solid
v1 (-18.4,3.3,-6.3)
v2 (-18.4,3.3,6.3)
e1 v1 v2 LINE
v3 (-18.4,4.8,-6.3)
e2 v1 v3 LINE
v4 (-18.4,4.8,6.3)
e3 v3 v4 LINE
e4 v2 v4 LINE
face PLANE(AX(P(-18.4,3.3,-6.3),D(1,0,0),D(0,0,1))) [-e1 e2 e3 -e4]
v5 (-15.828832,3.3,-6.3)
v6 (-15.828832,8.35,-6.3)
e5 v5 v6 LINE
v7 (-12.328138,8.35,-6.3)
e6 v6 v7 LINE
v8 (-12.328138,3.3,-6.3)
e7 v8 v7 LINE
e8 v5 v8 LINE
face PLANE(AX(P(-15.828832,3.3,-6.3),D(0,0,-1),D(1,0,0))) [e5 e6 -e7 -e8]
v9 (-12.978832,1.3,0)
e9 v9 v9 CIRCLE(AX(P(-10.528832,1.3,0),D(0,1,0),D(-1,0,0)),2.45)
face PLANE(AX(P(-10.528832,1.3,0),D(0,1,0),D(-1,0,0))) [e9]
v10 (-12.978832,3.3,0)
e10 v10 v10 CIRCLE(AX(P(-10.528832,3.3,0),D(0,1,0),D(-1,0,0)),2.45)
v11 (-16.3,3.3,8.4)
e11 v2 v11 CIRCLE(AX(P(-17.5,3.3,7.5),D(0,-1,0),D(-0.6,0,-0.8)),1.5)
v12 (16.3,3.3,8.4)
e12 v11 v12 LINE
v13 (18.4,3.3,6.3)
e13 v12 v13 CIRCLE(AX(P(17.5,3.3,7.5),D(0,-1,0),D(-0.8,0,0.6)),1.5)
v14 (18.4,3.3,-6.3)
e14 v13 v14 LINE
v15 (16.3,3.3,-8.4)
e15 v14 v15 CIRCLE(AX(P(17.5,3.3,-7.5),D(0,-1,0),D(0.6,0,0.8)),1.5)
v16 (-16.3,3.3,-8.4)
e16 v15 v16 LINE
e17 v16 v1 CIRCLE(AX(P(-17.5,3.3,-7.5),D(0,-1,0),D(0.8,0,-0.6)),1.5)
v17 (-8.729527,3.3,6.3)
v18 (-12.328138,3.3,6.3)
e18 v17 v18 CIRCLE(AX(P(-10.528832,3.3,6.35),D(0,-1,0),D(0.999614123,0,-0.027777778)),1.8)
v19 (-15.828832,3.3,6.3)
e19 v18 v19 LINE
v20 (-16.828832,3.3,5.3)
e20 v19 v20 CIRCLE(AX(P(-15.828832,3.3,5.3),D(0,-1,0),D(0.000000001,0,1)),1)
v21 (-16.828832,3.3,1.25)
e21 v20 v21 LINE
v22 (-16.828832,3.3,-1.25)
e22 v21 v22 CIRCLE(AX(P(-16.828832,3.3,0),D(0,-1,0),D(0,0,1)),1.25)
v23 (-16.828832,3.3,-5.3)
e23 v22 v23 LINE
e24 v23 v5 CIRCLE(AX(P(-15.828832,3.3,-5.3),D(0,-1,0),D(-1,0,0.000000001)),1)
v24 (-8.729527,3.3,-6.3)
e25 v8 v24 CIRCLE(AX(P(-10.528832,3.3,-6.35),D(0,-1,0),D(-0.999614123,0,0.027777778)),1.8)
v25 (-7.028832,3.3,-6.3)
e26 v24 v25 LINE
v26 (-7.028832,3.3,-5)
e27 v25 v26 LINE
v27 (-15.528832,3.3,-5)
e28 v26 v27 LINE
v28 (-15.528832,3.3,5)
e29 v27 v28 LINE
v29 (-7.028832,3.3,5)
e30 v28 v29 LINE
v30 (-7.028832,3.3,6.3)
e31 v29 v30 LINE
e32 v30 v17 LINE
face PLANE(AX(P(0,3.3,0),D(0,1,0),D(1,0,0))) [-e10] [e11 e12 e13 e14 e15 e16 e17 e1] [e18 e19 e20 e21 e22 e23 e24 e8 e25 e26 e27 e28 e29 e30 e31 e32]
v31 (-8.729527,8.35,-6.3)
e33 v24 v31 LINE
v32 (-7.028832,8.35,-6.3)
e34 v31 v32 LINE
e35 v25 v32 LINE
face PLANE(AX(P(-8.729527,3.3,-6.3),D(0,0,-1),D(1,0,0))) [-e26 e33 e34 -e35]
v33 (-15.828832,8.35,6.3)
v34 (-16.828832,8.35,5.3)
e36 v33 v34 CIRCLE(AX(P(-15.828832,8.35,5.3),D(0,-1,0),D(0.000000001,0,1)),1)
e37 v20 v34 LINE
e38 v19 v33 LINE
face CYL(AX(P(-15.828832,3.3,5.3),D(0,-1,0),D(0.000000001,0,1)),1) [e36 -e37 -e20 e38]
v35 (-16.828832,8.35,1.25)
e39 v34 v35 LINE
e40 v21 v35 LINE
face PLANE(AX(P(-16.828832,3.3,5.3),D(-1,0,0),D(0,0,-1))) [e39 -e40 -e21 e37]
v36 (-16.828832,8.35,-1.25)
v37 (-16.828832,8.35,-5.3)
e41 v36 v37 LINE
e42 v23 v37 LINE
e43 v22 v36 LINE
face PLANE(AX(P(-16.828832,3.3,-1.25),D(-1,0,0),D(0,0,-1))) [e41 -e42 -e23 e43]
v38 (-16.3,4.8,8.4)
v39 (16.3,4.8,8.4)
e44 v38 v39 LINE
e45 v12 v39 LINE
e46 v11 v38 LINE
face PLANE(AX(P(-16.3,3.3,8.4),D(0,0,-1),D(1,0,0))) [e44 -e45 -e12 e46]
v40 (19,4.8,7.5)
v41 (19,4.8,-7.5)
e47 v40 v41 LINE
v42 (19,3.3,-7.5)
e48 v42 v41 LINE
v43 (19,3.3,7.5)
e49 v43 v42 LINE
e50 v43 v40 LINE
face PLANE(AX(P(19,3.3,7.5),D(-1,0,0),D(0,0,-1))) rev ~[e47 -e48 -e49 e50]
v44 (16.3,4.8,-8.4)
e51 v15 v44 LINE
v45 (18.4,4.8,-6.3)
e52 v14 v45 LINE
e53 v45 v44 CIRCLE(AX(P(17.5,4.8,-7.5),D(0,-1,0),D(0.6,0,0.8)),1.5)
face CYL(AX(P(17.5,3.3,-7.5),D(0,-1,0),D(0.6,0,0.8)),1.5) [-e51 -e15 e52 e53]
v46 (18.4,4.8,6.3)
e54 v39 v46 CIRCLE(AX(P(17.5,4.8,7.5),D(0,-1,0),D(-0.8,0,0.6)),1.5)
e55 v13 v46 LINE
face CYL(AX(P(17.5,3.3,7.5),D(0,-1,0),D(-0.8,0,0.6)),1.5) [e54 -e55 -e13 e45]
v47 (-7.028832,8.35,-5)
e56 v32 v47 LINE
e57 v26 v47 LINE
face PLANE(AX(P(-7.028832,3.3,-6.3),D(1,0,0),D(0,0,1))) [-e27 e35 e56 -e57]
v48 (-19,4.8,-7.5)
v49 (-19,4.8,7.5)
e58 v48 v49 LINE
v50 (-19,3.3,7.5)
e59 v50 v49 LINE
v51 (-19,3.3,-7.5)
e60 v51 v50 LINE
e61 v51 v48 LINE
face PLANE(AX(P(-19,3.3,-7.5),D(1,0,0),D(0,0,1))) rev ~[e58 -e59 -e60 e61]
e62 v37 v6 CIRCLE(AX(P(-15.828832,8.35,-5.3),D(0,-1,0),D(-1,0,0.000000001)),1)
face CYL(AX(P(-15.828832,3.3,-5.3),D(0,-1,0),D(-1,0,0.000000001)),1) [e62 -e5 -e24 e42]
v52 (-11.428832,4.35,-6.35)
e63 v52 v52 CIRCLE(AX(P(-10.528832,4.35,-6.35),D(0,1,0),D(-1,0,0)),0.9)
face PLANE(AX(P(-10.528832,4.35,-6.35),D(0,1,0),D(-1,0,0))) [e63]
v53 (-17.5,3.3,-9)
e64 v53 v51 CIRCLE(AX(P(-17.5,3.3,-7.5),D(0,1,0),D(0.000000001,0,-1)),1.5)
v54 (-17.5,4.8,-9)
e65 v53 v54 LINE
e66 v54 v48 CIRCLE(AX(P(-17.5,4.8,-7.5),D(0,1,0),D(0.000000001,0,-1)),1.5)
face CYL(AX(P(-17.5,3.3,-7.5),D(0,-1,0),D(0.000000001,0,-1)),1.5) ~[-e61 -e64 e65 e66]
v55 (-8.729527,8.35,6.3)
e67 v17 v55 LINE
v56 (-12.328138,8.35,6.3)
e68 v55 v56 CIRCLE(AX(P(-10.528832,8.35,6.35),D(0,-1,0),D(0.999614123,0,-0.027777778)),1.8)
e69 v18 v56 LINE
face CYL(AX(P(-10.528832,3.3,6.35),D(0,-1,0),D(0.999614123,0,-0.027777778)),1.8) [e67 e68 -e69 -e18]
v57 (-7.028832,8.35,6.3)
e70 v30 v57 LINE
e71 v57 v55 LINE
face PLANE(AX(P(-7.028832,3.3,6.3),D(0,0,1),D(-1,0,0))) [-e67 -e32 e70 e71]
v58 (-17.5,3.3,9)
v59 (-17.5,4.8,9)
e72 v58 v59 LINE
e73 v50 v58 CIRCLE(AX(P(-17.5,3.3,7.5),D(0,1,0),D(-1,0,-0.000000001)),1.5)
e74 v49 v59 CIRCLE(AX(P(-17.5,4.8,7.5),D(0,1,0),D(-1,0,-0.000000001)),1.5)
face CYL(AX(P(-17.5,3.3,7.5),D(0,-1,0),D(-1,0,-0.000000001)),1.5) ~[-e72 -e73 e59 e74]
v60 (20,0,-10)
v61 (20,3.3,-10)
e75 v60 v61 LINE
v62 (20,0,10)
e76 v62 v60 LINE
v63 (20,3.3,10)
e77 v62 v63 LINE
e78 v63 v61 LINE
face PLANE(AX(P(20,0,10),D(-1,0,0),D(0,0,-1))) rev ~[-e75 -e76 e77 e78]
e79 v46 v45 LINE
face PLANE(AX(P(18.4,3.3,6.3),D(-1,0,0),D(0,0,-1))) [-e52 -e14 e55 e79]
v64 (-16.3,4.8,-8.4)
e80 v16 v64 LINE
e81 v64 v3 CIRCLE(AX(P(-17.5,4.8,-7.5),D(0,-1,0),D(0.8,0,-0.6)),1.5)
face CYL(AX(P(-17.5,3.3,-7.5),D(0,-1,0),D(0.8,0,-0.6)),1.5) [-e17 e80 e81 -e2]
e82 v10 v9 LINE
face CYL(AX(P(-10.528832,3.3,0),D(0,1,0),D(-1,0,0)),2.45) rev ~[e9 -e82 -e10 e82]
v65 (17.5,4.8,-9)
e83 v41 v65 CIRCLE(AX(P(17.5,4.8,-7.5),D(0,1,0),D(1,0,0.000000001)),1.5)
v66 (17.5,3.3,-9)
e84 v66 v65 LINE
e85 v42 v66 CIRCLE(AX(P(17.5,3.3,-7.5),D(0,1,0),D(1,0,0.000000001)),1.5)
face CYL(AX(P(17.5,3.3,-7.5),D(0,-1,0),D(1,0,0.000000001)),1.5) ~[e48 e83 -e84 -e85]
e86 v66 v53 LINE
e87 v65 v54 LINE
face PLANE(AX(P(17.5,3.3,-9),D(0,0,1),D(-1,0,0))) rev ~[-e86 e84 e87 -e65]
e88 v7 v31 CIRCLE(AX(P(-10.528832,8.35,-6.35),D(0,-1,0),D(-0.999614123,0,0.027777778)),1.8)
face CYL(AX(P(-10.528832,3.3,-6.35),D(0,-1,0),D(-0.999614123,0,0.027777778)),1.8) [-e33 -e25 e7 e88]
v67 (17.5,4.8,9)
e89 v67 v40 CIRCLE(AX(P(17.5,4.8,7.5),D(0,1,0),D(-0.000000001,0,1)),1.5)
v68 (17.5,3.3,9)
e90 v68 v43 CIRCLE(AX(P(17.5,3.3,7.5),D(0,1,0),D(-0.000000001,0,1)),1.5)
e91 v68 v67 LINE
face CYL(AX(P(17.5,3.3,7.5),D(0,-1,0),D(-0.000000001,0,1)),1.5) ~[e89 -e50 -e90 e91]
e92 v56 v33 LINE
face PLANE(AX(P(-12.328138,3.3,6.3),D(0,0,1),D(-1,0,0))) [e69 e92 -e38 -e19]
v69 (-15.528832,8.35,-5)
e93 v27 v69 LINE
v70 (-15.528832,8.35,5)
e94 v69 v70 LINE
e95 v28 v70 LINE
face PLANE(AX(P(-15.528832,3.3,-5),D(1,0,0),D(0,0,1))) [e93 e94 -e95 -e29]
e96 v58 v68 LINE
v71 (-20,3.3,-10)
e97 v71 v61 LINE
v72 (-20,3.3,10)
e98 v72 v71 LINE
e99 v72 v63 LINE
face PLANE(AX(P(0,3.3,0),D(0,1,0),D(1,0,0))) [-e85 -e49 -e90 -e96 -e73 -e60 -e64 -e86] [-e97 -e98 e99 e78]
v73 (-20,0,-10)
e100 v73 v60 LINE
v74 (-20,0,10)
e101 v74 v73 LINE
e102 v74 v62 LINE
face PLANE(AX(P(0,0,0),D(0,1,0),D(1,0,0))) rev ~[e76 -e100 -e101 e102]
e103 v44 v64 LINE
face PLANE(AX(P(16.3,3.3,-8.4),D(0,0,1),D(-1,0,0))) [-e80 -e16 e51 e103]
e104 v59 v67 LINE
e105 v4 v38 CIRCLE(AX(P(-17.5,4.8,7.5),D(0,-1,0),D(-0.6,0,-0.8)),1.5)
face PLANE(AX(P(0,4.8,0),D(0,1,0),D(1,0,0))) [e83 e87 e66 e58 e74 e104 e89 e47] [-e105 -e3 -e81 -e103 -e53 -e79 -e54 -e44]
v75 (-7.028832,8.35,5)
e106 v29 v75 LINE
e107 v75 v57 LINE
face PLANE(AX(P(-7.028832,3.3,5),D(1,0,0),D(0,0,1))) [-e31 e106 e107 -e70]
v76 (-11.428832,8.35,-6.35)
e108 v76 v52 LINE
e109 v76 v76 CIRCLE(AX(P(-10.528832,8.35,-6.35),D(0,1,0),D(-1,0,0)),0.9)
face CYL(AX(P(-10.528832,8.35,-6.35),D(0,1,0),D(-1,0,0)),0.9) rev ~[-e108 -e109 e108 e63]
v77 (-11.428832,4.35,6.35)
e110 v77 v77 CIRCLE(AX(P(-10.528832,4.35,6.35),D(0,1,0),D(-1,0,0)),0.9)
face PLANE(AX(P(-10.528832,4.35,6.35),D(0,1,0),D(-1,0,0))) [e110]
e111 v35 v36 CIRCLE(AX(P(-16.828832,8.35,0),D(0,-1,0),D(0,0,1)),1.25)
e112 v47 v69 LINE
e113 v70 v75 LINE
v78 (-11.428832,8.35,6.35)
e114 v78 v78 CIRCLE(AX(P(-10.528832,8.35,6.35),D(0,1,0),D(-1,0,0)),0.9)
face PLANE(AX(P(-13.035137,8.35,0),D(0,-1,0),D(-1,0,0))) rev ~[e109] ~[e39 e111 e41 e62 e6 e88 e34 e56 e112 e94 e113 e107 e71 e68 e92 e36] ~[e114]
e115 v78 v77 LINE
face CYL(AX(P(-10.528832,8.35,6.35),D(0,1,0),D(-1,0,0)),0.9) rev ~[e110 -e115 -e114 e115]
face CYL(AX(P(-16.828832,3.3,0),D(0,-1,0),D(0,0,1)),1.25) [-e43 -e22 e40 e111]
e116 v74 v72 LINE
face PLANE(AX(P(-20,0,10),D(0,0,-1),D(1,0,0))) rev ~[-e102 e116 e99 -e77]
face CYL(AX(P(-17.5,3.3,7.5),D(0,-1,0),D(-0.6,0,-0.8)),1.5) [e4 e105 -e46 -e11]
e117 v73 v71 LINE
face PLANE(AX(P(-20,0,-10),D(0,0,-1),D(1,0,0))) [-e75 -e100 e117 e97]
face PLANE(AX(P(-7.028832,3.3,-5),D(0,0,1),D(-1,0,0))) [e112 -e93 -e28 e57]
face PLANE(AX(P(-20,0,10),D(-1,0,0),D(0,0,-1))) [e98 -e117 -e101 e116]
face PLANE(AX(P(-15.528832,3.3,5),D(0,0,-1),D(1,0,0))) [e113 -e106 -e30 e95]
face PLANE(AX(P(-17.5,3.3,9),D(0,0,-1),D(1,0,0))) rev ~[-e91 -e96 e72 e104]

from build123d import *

# Parameters (mm, degrees)
SKETCH1_W           = 40
SKETCH1_H           = 20
BOSS_EXTRUDE1_DEPTH = 3.3
BOSS_EXTRUDE2_DEPTH = 1.5
SKETCH3_R           = 2.45
CUT_EXTRUDE1_DEPTH  = 2
BOSS_EXTRUDE3_DEPTH = 5.05
SKETCH5_R           = 0.9
CUT_EXTRUDE2_DEPTH  = 4


with BuildPart() as part:
    # Sketch1 → Boss-Extrude1 (new body)
    with BuildSketch(Plane(origin=(0, 0, 0), x_dir=(1, 0, 0), z_dir=(0, 1, 0))):
        Rectangle(SKETCH1_W, SKETCH1_H)
    extrude(amount=BOSS_EXTRUDE1_DEPTH)

    # Sketch2 → Boss-Extrude2 (add)
    with BuildSketch(Plane(origin=(0, 3.3, 0), x_dir=(1, 0, 0), z_dir=(0, 1, 0))):
        with BuildLine():
            Line((-19, 7.5), (-19, -7.5))
            ThreePointArc((-19, -7.5), (-18.560660172, -8.560660172), (-17.5, -9))
            Line((-17.5, -9), (17.5, -9))
            ThreePointArc((17.5, -9), (18.560660172, -8.560660172), (19, -7.5))
            Line((19, -7.5), (19, 7.5))
            ThreePointArc((19, 7.5), (18.560660172, 8.560660172), (17.5, 9))
            Line((17.5, 9), (-17.5, 9))
            ThreePointArc((-17.5, 9), (-18.560660172, 8.560660172), (-19, 7.5))
        make_face()
        with BuildLine():
            Line((-18.4, 6.3), (-18.4, -6.3))
            ThreePointArc((-18.4, -6.3), (-16.439339828, -6.439339828), (-16.3, -8.4))
            Line((-16.3, -8.4), (16.3, -8.4))
            ThreePointArc((16.3, -8.4), (16.439339828, -6.439339828), (18.4, -6.3))
            Line((18.4, -6.3), (18.4, 6.3))
            ThreePointArc((18.4, 6.3), (16.439339828, 6.439339828), (16.3, 8.4))
            Line((16.3, 8.4), (-16.3, 8.4))
            ThreePointArc((-16.3, 8.4), (-16.439339828, 6.439339828), (-18.4, 6.3))
        make_face(mode=Mode.SUBTRACT)
    extrude(amount=BOSS_EXTRUDE2_DEPTH)

    # Sketch3 → Cut-Extrude1 (cut)
    with BuildSketch(Plane(origin=(0, 3.3, 0), x_dir=(-1, 0, 0), z_dir=(0, 1, 0))):
        with Locations((10.52883238, 0)):
            Circle(SKETCH3_R)
    extrude(amount=-CUT_EXTRUDE1_DEPTH, mode=Mode.SUBTRACT)

    # Sketch4 → Boss-Extrude3 (add)
    with BuildSketch(Plane(origin=(0, 3.3, 0), x_dir=(1, 0, 0), z_dir=(0, 1, 0))):
        with BuildLine():
            Line((-15.52883238, -5), (-7.02883238, -5))
            Line((-7.02883238, -5), (-7.02883238, -6.3))
            Line((-7.02883238, -6.3), (-8.729526959, -6.3))
            ThreePointArc((-8.729526959, -6.3), (-10.52883238, -8.15), (-12.328137802, -6.3))
            Line((-12.328137802, -6.3), (-15.82883238, -6.3))
            ThreePointArc((-15.82883238, -6.3), (-16.535939162, -6.007106781), (-16.82883238, -5.3))
            Line((-16.82883238, -5.3), (-16.82883238, -1.25))
            ThreePointArc((-16.82883238, -1.25), (-18.07883238, 0), (-16.82883238, 1.25))
            Line((-16.82883238, 1.25), (-16.82883238, 5.3))
            ThreePointArc((-16.82883238, 5.3), (-16.535939162, 6.007106781), (-15.82883238, 6.3))
            Line((-15.82883238, 6.3), (-12.328137802, 6.3))
            ThreePointArc((-12.328137802, 6.3), (-10.52883238, 8.15), (-8.729526959, 6.3))
            Line((-8.729526959, 6.3), (-7.02883238, 6.3))
            Line((-7.02883238, 6.3), (-7.02883238, 5))
            Line((-7.02883238, 5), (-15.52883238, 5))
            Line((-15.52883238, 5), (-15.52883238, -5))
        make_face()
    extrude(amount=BOSS_EXTRUDE3_DEPTH)

    # Sketch5 → Cut-Extrude2 (cut)
    with BuildSketch(Plane(origin=(0, 8.35, 0), x_dir=(-1, 0, 0), z_dir=(0, 1, 0))):
        with Locations((10.52883238, 6.35)):
            Circle(SKETCH5_R)
        with Locations((10.52883238, -6.35)):
            Circle(SKETCH5_R)
    extrude(amount=-CUT_EXTRUDE2_DEPTH, mode=Mode.SUBTRACT)


solid = part.part
